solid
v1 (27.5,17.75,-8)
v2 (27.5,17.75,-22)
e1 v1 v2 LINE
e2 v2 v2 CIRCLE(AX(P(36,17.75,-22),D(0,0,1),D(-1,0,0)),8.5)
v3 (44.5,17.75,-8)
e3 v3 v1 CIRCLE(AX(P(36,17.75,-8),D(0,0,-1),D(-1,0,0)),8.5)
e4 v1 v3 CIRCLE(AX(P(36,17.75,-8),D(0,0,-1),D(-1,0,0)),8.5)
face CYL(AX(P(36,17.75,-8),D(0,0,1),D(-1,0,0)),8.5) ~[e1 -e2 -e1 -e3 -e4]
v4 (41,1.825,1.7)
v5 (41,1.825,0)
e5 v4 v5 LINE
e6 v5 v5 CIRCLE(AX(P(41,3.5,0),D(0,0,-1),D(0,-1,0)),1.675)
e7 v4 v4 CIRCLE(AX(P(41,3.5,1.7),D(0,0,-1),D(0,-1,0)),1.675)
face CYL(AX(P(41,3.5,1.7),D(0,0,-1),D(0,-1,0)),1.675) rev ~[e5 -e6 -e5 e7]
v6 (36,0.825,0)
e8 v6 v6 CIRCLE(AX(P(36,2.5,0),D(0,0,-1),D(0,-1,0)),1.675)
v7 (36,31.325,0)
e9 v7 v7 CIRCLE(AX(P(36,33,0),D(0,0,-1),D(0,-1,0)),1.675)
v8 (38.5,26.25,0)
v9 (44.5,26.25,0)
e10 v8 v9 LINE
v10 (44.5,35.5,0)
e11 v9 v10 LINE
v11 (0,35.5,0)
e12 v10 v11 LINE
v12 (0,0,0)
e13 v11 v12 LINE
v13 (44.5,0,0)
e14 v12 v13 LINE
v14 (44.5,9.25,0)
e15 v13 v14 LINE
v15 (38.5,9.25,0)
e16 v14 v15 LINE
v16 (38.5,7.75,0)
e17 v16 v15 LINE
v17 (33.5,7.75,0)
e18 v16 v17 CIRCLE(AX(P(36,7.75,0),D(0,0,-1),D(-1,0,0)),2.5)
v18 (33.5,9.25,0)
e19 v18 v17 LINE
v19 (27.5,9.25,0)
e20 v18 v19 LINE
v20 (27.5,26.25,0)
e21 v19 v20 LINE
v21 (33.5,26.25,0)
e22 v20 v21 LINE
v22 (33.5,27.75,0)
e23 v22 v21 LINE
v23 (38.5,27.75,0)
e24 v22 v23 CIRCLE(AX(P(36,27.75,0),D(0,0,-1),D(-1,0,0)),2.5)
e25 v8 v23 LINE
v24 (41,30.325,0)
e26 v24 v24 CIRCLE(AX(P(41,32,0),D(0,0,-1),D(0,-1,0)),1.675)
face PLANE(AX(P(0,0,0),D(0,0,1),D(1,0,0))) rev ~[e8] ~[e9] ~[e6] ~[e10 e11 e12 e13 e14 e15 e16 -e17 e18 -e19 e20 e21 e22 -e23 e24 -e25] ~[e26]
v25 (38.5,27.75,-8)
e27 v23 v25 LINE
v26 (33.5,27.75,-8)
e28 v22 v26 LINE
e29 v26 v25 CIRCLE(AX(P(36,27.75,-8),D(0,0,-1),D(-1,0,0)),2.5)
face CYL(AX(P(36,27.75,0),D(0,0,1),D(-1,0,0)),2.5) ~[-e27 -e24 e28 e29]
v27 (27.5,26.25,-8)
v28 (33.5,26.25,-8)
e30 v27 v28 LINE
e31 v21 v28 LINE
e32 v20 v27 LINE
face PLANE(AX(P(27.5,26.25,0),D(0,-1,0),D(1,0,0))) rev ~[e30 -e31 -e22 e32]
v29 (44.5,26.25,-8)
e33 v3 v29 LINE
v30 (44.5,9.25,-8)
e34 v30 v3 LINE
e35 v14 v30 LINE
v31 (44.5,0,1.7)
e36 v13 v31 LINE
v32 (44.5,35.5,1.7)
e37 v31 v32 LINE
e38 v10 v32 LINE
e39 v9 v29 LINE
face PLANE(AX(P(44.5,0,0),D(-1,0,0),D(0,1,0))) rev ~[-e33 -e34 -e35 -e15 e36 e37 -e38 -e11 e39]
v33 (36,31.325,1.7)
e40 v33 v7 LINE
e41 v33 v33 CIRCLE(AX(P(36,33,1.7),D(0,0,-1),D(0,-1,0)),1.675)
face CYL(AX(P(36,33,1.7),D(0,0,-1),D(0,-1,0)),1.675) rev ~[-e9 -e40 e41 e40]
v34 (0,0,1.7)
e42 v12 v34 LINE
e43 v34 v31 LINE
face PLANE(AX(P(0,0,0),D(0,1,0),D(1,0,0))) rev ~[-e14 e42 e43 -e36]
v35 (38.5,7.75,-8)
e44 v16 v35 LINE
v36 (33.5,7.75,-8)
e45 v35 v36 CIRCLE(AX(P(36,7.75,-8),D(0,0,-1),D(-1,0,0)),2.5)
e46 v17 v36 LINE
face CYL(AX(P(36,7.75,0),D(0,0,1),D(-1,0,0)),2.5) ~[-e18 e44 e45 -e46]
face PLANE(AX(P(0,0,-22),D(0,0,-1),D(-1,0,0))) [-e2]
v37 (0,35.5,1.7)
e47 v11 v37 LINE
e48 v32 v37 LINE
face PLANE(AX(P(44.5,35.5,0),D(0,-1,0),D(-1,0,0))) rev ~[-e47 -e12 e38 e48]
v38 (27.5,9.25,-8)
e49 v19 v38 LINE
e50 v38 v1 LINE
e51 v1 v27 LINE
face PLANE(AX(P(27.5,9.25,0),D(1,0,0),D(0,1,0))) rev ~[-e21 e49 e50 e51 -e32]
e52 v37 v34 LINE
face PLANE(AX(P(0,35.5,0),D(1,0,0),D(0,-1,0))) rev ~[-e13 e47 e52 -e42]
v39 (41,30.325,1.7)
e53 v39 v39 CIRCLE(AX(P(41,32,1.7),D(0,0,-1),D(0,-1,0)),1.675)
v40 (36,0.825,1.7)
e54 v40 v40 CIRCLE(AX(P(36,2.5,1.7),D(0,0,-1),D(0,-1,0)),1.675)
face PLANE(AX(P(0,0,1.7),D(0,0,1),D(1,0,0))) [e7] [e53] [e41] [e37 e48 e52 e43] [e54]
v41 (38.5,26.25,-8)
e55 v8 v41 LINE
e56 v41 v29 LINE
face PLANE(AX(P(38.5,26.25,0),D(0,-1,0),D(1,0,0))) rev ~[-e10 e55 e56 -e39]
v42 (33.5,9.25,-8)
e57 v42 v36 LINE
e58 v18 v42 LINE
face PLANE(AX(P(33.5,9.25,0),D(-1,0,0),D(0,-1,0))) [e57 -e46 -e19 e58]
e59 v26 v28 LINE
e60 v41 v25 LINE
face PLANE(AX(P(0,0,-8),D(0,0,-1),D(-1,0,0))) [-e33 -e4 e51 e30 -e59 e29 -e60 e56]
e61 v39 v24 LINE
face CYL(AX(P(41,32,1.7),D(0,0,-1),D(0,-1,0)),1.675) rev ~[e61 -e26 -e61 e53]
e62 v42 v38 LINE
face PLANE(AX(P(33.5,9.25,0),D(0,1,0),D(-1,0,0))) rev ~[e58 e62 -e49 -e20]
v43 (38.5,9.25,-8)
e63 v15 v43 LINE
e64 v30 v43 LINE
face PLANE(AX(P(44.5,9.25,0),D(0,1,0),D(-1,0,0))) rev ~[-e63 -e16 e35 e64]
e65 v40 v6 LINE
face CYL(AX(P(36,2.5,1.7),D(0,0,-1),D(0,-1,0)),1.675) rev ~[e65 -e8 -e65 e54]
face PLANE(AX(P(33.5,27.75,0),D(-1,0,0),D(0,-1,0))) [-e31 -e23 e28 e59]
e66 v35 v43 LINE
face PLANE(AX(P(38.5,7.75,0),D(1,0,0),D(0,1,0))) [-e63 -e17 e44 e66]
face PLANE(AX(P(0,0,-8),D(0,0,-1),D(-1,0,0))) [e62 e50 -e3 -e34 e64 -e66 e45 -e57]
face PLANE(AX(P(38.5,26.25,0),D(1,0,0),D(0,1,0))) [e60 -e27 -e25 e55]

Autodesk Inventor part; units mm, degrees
ref_plane "YZ Plane" through (0, 0, 0) normal (1, 0, 0) x (0, 1, 0)
ref_plane "XZ Plane" through (0, 0, 0) normal (0, 1, 0) x (-1, 0, 0)
ref_plane "XY Plane" through (0, 0, 0) normal (0, 0, 1) x (1, 0, 0)
sketch "Эскиз1" plane through (0, 0, 0) normal (0, 0, 1) x (1, 0, 0)
  line L0 (0, 0) -> (44.5, 0)
  line L1 (44.5, 0) -> (44.5, 35.5)
  line L2 (44.5, 35.5) -> (0, 35.5)
  line L3 (0, 35.5) -> (0, 0)
  dimension "d0" = 44.5
  dimension "d1" = 35.5
extrude "Выдавливание1" add sketch "Эскиз1" along normal blind 1.7
sketch "Эскиз2" plane through (0, 0, 1.7) normal (0, 0, 1) x (1, 0, 0)
  line L0 (0, 0) -> (44.5, 0) projected
  line L1 (44.5, 0) -> (44.5, 3.5)
  line L2 (44.5, 0) -> (44.5, 35.5) projected
  line L3 (44.5, 3.5) -> (41, 3.5)
  line L4 (44.5, 35.5) -> (44.5, 32)
  line L5 (44.5, 32) -> (41, 32)
  line L6 (44.5, 35.5) -> (0, 35.5) projected
  point P0 (36, 33)
  point P1 (36, 2.5)
  point P2 (36, 33)
  dimension "d4" = 3.5
  dimension "d5" = 3.5
  dimension "d6" = 3.5
  dimension "d7" = 3.5
  dimension "d26" = 8.5
  dimension "d27" = 8.5
  dimension "d28" = 2.5
  dimension "d29" = 2.5
hole "Отверстие1" at (41, 32, 1.7) at (41, 3.5, 1.7) at (36, 33, 1.7) at (36, 2.5, 1.7) direction (0, 0, -1) diameter 3.35 depth 15
sketch "Эскиз3" plane through (0, 0, 0) normal (0, 0, -1) x (-1, 0, 0)
  line L0 (-44.5, 0) -> (-44.5, 35.5) projected
  line L1 (-44.5, 0) -> (-44.5, 9.25)
  line L2 (-44.5, 9.25) -> (-27.5, 9.25)
  line L3 (-27.5, 9.25) -> (-27.5, 26.25)
  line L4 (-27.5, 26.25) -> (-44.5, 26.25)
  line L5 (-44.5, 26.25) -> (-44.5, 9.25)
  line L6 (-36, 26.25) -> (-36, 27.75)
  line L7 (-36, 9.25) -> (-36, 7.75)
  circle A0 centre (-36, 7.75) radius 2.5
  circle A1 centre (-36, 27.75) radius 2.5
  line L8 (-38.5, 27.75) -> (-33.5, 27.75)
  line L9 (-33.5, 27.75) -> (-33.5, 26.25)
  line L10 (-33.5, 26.25) -> (-38.5, 26.25)
  line L11 (-38.5, 26.25) -> (-38.5, 27.75)
  line L12 (-33.5, 7.75) -> (-38.5, 7.75)
  line L13 (-38.5, 7.75) -> (-38.5, 9.25)
  line L14 (-38.5, 9.25) -> (-33.5, 9.25)
  line L15 (-33.5, 9.25) -> (-33.5, 7.75)
  point P0 (0, 0)
  dimension "d20" = 5
  dimension "d21" = 5
  dimension "d15" = 9.25
  dimension "d16" = 17
  dimension "d17" = 17
  dimension "d18" = 1.5
  dimension "d19" = 1.5
extrude "Выдавливание2" add sketch "Эскиз3" along normal blind 8
sketch "Эскиз4" plane through (0, 0, -8) normal (0, 0, -1) x (-1, 0, 0)
  line L0 (-44.5, 0) -> (-44.5, 35.5) projected
  line L1 (-44.5, 17.75) -> (-27.5, 17.75)
  line L2 (-27.5, 26.25) -> (-27.5, 9.25) projected
  circle A0 centre (-36, 17.75) radius 8.5
  point P0 (0, 0)
extrude "Выдавливание3" add sketch "Эскиз4" along normal blind 14
equation "\"d4\" = d6"
equation "\"d5\" = d6"
equation "\"d7\" = d6"
properties part number "Техническое зрение OpenMV"
